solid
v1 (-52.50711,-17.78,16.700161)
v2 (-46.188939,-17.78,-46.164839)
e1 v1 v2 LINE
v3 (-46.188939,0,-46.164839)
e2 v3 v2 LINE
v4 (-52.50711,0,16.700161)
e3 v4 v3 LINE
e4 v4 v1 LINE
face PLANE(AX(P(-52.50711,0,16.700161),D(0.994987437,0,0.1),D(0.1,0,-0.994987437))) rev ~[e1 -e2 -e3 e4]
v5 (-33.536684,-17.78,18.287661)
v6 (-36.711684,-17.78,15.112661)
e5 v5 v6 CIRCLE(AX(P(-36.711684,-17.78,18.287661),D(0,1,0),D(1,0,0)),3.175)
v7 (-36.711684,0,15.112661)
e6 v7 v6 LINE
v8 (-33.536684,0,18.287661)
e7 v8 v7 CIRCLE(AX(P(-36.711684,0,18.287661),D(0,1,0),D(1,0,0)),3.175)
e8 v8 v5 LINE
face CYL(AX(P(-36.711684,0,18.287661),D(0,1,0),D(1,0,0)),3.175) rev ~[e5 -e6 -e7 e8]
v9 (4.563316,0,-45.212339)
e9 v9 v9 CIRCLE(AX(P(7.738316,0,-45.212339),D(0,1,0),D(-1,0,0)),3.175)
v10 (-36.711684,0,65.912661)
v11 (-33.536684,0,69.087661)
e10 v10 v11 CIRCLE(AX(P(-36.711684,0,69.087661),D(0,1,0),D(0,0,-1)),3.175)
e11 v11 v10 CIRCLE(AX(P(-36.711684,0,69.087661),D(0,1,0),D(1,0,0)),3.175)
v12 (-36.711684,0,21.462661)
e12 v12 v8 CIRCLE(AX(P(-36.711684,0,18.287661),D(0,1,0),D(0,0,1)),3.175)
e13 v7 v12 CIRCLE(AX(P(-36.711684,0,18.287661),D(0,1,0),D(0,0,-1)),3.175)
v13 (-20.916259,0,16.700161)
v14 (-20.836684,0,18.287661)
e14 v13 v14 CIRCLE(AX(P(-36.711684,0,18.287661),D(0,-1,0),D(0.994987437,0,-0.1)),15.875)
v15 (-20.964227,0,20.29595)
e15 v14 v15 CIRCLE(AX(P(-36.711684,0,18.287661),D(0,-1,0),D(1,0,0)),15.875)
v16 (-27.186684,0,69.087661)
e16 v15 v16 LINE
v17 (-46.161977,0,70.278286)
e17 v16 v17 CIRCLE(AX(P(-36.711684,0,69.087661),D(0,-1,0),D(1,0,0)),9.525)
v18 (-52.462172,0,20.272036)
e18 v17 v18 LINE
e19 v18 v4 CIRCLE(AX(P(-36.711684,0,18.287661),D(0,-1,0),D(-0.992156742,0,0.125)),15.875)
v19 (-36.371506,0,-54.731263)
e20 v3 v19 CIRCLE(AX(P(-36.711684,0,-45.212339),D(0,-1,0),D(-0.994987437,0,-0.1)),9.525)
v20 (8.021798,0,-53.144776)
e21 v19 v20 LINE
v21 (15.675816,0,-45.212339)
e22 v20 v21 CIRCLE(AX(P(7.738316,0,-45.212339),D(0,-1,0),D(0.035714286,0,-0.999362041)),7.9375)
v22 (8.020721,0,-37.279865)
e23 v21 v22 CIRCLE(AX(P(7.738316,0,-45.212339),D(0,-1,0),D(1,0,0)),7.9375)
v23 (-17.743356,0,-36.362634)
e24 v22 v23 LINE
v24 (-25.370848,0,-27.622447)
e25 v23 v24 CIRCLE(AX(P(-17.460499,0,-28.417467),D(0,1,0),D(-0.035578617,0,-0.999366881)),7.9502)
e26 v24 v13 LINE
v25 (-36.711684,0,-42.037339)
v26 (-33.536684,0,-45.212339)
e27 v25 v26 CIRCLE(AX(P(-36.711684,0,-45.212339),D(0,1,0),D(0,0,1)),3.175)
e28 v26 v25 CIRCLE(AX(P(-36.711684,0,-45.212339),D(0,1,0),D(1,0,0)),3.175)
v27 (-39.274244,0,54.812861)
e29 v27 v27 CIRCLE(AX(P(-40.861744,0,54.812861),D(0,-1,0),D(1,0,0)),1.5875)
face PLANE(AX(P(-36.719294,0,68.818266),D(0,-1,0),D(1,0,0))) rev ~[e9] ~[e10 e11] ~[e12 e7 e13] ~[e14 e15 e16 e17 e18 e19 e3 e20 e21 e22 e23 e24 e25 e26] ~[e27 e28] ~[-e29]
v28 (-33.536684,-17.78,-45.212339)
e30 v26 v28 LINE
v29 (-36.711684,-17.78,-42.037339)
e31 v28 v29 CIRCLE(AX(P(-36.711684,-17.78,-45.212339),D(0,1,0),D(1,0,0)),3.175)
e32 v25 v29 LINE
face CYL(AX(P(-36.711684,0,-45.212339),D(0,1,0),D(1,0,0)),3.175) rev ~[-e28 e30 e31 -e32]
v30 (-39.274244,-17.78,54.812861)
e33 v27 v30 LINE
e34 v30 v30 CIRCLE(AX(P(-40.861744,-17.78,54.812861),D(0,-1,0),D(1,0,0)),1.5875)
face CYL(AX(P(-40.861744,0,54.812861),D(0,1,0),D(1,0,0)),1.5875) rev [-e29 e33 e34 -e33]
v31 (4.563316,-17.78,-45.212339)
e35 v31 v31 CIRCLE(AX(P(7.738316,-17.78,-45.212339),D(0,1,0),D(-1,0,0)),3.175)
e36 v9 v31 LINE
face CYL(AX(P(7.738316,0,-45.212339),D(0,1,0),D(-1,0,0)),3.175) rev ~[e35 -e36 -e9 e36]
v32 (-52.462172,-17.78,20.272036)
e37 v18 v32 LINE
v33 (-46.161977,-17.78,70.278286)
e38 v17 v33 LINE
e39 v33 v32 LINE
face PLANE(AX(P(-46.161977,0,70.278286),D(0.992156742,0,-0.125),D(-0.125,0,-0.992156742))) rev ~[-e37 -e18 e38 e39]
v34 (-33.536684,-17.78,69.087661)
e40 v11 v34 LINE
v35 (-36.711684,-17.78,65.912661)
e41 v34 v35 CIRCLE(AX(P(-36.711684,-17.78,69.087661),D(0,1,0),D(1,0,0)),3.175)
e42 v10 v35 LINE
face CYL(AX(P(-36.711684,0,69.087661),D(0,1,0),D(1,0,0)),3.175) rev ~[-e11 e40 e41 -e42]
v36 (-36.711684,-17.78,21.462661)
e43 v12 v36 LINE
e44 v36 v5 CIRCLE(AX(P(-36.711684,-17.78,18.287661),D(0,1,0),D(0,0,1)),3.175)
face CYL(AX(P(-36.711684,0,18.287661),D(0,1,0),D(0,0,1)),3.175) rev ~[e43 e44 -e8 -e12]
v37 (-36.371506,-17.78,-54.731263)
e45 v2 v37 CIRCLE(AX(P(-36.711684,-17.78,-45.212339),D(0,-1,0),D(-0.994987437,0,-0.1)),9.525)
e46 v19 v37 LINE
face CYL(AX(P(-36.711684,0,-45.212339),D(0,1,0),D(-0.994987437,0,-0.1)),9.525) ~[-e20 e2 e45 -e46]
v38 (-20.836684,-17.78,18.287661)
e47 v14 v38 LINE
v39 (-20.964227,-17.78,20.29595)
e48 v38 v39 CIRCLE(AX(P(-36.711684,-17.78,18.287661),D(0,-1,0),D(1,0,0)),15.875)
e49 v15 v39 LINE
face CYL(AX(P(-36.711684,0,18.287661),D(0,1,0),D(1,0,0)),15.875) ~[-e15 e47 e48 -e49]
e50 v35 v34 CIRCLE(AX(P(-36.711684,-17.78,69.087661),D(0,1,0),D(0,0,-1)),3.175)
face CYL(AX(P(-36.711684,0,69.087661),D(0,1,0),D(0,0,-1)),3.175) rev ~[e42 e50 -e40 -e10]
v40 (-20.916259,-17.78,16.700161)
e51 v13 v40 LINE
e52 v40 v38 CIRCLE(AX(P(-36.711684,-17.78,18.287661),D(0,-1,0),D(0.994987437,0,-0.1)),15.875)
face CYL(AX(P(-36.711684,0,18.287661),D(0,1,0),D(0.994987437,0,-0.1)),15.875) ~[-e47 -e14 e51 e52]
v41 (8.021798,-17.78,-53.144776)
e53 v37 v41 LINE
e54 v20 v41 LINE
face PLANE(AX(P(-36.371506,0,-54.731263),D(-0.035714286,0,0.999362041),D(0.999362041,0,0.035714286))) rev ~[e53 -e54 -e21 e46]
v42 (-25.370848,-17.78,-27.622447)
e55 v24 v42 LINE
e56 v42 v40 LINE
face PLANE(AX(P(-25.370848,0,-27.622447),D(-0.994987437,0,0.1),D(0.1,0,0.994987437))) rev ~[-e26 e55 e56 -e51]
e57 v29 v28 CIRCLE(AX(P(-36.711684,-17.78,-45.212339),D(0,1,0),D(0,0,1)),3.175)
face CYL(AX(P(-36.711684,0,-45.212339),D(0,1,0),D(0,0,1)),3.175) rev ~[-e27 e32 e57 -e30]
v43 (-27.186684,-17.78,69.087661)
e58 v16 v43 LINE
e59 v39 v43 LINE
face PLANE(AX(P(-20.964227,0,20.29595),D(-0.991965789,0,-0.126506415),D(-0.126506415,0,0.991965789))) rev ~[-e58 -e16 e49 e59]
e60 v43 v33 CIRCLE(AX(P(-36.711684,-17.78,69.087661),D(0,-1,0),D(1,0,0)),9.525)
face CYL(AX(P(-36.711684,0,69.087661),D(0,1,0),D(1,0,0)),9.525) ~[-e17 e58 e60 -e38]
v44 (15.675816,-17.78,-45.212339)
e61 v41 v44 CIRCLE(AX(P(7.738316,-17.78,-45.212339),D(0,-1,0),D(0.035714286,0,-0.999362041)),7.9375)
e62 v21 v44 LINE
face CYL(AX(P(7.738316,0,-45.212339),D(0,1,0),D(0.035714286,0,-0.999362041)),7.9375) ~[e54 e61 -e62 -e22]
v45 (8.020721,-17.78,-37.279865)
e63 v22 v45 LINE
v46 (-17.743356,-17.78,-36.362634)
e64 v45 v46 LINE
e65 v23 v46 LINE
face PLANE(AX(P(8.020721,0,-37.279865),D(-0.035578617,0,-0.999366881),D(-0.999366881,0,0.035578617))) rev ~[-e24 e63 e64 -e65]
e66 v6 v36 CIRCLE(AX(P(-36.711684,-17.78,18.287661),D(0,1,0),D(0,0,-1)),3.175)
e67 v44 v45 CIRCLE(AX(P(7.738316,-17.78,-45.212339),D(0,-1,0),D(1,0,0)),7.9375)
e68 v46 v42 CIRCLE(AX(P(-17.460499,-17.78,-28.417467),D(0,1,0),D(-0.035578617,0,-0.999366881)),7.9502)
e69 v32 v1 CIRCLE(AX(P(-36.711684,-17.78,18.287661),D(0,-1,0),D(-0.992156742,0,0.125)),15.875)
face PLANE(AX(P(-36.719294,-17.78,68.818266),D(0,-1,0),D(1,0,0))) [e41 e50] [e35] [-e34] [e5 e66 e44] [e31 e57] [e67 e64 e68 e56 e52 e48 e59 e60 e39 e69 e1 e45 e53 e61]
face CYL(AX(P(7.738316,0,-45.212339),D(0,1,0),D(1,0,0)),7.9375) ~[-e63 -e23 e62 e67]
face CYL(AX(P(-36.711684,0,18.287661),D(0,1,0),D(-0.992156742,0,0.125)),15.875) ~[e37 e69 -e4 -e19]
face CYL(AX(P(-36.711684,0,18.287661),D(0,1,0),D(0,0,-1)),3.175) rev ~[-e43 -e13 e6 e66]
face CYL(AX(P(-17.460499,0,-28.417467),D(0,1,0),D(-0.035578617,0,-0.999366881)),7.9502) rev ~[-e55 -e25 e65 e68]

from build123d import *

# Parameters (mm, degrees)
F0_R     = 1.5875
F1_DEPTH = 17.78


with BuildPart() as f1:
    # F0 (on Front) → F1 (new body)
    with BuildSketch(Plane.XZ):
        with BuildLine():
            ThreePointArc((-46.1619771098, 70.2782855404), (-43.8554341456, 62.7874652309), (-36.7116841456, 59.5626605404))
            ThreePointArc((-36.7116841456, 59.5626605404), (-29.9764920548, 62.3524684496), (-27.1866841456, 69.0876605404))
            ThreePointArc((-27.1866841456, 69.0876605404), (-36.1152009036, 78.5939654346), (-46.1619771098, 70.2782855404))
        make_face()
        with BuildLine():
            ThreePointArc((-33.5366841456, 69.0876605404), (-34.4666201153, 66.8425965101), (-36.7116841456, 65.9126605404))
            ThreePointArc((-36.7116841456, 65.9126605404), (-38.9567481759, 71.3327245707), (-33.5366841456, 69.0876605404))
        make_face(mode=Mode.SUBTRACT)
        with BuildLine():
            Line((-36.7116841456, 34.1626605404), (-36.7116841456, 59.5626605404))
            ThreePointArc((-36.7116841456, 59.5626605404), (-43.8554341456, 62.7874652309), (-46.1619771098, 70.2782855404))
            Line((-46.1619771098, 70.2782855404), (-52.4621724193, 20.2720355404))
            ThreePointArc((-52.4621724193, 20.2720355404), (-47.2120096614, 30.1939105404), (-36.7116841456, 34.1626605404))
        make_face()
        with Locations((-40.8617444336, 54.8128605404)):
            Circle(F0_R, mode=Mode.SUBTRACT)
        with BuildLine():
            ThreePointArc((-27.1866841456, 69.0876605404), (-29.9764920548, 62.3524684496), (-36.7116841456, 59.5626605404))
            Line((-36.7116841456, 59.5626605404), (-36.7116841456, 34.1626605404))
            ThreePointArc((-36.7116841456, 34.1626605404), (-26.2204012908, 30.2018793171), (-20.9642272409, 20.2959498708))
            Line((-20.9642272409, 20.2959498708), (-27.1866841456, 69.0876605404))
        make_face()
        with BuildLine():
            Line((-36.7116841456, 21.4626605404), (-36.7116841456, 34.1626605404))
            ThreePointArc((-36.7116841456, 34.1626605404), (-47.2120096614, 30.1939105404), (-52.4621724193, 20.2720355404))
            ThreePointArc((-52.4621724193, 20.2720355404), (-52.585427961, 18.4873660271), (-52.5071097097, 16.7001605404))
            ThreePointArc((-52.5071097097, 16.7001605404), (-47.3609578884, 6.5144454421), (-36.7116841456, 2.4126605404))
            Line((-36.7116841456, 2.4126605404), (-36.7116841456, 15.1126605404))
            ThreePointArc((-36.7116841456, 15.1126605404), (-39.8866841456, 18.2876605404), (-36.7116841456, 21.4626605404))
        make_face()
        with BuildLine():
            ThreePointArc((-20.9642272409, 20.2959498708), (-26.2204012908, 30.2018793171), (-36.7116841456, 34.1626605404))
            Line((-36.7116841456, 34.1626605404), (-36.7116841456, 21.4626605404))
            ThreePointArc((-36.7116841456, 21.4626605404), (-34.4666201153, 20.5327245707), (-33.5366841456, 18.2876605404))
            ThreePointArc((-33.5366841456, 18.2876605404), (-34.4666201153, 16.0425965101), (-36.7116841456, 15.1126605404))
            Line((-36.7116841456, 15.1126605404), (-36.7116841456, 2.4126605404))
            ThreePointArc((-36.7116841456, 2.4126605404), (-26.0624104027, 6.5144454421), (-20.9162585815, 16.7001605404))
            ThreePointArc((-20.9162585815, 16.7001605404), (-20.856590235, 17.4929139863), (-20.8366841456, 18.2876605404))
            ThreePointArc((-20.8366841456, 18.2876605404), (-20.868602006, 19.29382818), (-20.9642272409, 20.2959498708))
        make_face()
        with BuildLine():
            ThreePointArc((-36.7116841456, 2.4126605404), (-47.3609578884, 6.5144454421), (-52.5071097097, 16.7001605404))
            Line((-52.5071097097, 16.7001605404), (-46.188939484, -46.1648394596))
            ThreePointArc((-46.188939484, -46.1648394596), (-43.7756132045, -38.8227752139), (-36.7116841456, -35.6873394596))
            Line((-36.7116841456, -35.6873394596), (-36.7116841456, 2.4126605404))
        make_face()
        with BuildLine():
            ThreePointArc((-20.9162585815, 16.7001605404), (-26.0624104027, 6.5144454421), (-36.7116841456, 2.4126605404))
            Line((-36.7116841456, 2.4126605404), (-36.7116841456, -35.6873394596))
            ThreePointArc((-36.7116841456, -35.6873394596), (-29.9764920548, -38.4771473688), (-27.1866841456, -45.2123394596))
            Line((-27.1866841456, -45.2123394596), (-0.1991841456, -45.2123394596))
            ThreePointArc((-0.1991841456, -45.2123394596), (2.2264053697, -39.5007066757), (8.020721129, -37.279864845))
            Line((8.020721129, -37.279864845), (-17.7433562776, -36.362633879))
            ThreePointArc((-17.7433562776, -36.362633879), (-23.4504801631, -33.6448765637), (-25.3708482771, -27.622447305))
            Line((-25.3708482771, -27.622447305), (-20.9162585815, 16.7001605404))
        make_face()
        with BuildLine():
            ThreePointArc((-36.7116841456, -35.6873394596), (-43.7756132045, -38.8227752139), (-46.188939484, -46.1648394596))
            ThreePointArc((-46.188939484, -46.1648394596), (-42.9740675272, -52.3892593687), (-36.3715055742, -54.7312629039))
            ThreePointArc((-36.3715055742, -54.7312629039), (-29.8572758599, -51.8261667973), (-27.1866841456, -45.2123394596))
            Line((-27.1866841456, -45.2123394596), (-33.5366841456, -45.2123394596))
            ThreePointArc((-33.5366841456, -45.2123394596), (-38.9567481759, -47.4574034899), (-36.7116841456, -42.0373394596))
            Line((-36.7116841456, -42.0373394596), (-36.7116841456, -35.6873394596))
        make_face()
        with BuildLine():
            ThreePointArc((-27.1866841456, -45.2123394596), (-29.9764920548, -38.4771473688), (-36.7116841456, -35.6873394596))
            Line((-36.7116841456, -35.6873394596), (-36.7116841456, -42.0373394596))
            ThreePointArc((-36.7116841456, -42.0373394596), (-34.4666201153, -42.9672754293), (-33.5366841456, -45.2123394596))
            Line((-33.5366841456, -45.2123394596), (-27.1866841456, -45.2123394596))
        make_face()
        with BuildLine():
            ThreePointArc((-0.1991841456, -45.2123394596), (2.226793073, -50.9243463643), (8.0217979973, -53.1447756632))
            ThreePointArc((8.0217979973, -53.1447756632), (13.4503227591, -50.723862241), (15.6758158544, -45.2123394596))
            ThreePointArc((15.6758158544, -45.2123394596), (13.4499486383, -39.7004289749), (8.020721129, -37.279864845))
            ThreePointArc((8.020721129, -37.279864845), (2.2264053697, -39.5007066757), (-0.1991841456, -45.2123394596))
        make_face()
        with BuildLine():
            ThreePointArc((10.9133158544, -45.2123394596), (7.7383158544, -48.3873394596), (4.5633158544, -45.2123394596))
            ThreePointArc((4.5633158544, -45.2123394596), (7.7383158544, -42.0373394596), (10.9133158544, -45.2123394596))
        make_face(mode=Mode.SUBTRACT)
        with BuildLine():
            ThreePointArc((-27.1866841456, -45.2123394596), (-29.8572758599, -51.8261667973), (-36.3715055742, -54.7312629039))
            Line((-36.3715055742, -54.7312629039), (8.0217979973, -53.1447756632))
            ThreePointArc((8.0217979973, -53.1447756632), (2.226793073, -50.9243463643), (-0.1991841456, -45.2123394596))
            Line((-0.1991841456, -45.2123394596), (-27.1866841456, -45.2123394596))
        make_face()
    extrude(amount=F1_DEPTH)


solid = f1.part
